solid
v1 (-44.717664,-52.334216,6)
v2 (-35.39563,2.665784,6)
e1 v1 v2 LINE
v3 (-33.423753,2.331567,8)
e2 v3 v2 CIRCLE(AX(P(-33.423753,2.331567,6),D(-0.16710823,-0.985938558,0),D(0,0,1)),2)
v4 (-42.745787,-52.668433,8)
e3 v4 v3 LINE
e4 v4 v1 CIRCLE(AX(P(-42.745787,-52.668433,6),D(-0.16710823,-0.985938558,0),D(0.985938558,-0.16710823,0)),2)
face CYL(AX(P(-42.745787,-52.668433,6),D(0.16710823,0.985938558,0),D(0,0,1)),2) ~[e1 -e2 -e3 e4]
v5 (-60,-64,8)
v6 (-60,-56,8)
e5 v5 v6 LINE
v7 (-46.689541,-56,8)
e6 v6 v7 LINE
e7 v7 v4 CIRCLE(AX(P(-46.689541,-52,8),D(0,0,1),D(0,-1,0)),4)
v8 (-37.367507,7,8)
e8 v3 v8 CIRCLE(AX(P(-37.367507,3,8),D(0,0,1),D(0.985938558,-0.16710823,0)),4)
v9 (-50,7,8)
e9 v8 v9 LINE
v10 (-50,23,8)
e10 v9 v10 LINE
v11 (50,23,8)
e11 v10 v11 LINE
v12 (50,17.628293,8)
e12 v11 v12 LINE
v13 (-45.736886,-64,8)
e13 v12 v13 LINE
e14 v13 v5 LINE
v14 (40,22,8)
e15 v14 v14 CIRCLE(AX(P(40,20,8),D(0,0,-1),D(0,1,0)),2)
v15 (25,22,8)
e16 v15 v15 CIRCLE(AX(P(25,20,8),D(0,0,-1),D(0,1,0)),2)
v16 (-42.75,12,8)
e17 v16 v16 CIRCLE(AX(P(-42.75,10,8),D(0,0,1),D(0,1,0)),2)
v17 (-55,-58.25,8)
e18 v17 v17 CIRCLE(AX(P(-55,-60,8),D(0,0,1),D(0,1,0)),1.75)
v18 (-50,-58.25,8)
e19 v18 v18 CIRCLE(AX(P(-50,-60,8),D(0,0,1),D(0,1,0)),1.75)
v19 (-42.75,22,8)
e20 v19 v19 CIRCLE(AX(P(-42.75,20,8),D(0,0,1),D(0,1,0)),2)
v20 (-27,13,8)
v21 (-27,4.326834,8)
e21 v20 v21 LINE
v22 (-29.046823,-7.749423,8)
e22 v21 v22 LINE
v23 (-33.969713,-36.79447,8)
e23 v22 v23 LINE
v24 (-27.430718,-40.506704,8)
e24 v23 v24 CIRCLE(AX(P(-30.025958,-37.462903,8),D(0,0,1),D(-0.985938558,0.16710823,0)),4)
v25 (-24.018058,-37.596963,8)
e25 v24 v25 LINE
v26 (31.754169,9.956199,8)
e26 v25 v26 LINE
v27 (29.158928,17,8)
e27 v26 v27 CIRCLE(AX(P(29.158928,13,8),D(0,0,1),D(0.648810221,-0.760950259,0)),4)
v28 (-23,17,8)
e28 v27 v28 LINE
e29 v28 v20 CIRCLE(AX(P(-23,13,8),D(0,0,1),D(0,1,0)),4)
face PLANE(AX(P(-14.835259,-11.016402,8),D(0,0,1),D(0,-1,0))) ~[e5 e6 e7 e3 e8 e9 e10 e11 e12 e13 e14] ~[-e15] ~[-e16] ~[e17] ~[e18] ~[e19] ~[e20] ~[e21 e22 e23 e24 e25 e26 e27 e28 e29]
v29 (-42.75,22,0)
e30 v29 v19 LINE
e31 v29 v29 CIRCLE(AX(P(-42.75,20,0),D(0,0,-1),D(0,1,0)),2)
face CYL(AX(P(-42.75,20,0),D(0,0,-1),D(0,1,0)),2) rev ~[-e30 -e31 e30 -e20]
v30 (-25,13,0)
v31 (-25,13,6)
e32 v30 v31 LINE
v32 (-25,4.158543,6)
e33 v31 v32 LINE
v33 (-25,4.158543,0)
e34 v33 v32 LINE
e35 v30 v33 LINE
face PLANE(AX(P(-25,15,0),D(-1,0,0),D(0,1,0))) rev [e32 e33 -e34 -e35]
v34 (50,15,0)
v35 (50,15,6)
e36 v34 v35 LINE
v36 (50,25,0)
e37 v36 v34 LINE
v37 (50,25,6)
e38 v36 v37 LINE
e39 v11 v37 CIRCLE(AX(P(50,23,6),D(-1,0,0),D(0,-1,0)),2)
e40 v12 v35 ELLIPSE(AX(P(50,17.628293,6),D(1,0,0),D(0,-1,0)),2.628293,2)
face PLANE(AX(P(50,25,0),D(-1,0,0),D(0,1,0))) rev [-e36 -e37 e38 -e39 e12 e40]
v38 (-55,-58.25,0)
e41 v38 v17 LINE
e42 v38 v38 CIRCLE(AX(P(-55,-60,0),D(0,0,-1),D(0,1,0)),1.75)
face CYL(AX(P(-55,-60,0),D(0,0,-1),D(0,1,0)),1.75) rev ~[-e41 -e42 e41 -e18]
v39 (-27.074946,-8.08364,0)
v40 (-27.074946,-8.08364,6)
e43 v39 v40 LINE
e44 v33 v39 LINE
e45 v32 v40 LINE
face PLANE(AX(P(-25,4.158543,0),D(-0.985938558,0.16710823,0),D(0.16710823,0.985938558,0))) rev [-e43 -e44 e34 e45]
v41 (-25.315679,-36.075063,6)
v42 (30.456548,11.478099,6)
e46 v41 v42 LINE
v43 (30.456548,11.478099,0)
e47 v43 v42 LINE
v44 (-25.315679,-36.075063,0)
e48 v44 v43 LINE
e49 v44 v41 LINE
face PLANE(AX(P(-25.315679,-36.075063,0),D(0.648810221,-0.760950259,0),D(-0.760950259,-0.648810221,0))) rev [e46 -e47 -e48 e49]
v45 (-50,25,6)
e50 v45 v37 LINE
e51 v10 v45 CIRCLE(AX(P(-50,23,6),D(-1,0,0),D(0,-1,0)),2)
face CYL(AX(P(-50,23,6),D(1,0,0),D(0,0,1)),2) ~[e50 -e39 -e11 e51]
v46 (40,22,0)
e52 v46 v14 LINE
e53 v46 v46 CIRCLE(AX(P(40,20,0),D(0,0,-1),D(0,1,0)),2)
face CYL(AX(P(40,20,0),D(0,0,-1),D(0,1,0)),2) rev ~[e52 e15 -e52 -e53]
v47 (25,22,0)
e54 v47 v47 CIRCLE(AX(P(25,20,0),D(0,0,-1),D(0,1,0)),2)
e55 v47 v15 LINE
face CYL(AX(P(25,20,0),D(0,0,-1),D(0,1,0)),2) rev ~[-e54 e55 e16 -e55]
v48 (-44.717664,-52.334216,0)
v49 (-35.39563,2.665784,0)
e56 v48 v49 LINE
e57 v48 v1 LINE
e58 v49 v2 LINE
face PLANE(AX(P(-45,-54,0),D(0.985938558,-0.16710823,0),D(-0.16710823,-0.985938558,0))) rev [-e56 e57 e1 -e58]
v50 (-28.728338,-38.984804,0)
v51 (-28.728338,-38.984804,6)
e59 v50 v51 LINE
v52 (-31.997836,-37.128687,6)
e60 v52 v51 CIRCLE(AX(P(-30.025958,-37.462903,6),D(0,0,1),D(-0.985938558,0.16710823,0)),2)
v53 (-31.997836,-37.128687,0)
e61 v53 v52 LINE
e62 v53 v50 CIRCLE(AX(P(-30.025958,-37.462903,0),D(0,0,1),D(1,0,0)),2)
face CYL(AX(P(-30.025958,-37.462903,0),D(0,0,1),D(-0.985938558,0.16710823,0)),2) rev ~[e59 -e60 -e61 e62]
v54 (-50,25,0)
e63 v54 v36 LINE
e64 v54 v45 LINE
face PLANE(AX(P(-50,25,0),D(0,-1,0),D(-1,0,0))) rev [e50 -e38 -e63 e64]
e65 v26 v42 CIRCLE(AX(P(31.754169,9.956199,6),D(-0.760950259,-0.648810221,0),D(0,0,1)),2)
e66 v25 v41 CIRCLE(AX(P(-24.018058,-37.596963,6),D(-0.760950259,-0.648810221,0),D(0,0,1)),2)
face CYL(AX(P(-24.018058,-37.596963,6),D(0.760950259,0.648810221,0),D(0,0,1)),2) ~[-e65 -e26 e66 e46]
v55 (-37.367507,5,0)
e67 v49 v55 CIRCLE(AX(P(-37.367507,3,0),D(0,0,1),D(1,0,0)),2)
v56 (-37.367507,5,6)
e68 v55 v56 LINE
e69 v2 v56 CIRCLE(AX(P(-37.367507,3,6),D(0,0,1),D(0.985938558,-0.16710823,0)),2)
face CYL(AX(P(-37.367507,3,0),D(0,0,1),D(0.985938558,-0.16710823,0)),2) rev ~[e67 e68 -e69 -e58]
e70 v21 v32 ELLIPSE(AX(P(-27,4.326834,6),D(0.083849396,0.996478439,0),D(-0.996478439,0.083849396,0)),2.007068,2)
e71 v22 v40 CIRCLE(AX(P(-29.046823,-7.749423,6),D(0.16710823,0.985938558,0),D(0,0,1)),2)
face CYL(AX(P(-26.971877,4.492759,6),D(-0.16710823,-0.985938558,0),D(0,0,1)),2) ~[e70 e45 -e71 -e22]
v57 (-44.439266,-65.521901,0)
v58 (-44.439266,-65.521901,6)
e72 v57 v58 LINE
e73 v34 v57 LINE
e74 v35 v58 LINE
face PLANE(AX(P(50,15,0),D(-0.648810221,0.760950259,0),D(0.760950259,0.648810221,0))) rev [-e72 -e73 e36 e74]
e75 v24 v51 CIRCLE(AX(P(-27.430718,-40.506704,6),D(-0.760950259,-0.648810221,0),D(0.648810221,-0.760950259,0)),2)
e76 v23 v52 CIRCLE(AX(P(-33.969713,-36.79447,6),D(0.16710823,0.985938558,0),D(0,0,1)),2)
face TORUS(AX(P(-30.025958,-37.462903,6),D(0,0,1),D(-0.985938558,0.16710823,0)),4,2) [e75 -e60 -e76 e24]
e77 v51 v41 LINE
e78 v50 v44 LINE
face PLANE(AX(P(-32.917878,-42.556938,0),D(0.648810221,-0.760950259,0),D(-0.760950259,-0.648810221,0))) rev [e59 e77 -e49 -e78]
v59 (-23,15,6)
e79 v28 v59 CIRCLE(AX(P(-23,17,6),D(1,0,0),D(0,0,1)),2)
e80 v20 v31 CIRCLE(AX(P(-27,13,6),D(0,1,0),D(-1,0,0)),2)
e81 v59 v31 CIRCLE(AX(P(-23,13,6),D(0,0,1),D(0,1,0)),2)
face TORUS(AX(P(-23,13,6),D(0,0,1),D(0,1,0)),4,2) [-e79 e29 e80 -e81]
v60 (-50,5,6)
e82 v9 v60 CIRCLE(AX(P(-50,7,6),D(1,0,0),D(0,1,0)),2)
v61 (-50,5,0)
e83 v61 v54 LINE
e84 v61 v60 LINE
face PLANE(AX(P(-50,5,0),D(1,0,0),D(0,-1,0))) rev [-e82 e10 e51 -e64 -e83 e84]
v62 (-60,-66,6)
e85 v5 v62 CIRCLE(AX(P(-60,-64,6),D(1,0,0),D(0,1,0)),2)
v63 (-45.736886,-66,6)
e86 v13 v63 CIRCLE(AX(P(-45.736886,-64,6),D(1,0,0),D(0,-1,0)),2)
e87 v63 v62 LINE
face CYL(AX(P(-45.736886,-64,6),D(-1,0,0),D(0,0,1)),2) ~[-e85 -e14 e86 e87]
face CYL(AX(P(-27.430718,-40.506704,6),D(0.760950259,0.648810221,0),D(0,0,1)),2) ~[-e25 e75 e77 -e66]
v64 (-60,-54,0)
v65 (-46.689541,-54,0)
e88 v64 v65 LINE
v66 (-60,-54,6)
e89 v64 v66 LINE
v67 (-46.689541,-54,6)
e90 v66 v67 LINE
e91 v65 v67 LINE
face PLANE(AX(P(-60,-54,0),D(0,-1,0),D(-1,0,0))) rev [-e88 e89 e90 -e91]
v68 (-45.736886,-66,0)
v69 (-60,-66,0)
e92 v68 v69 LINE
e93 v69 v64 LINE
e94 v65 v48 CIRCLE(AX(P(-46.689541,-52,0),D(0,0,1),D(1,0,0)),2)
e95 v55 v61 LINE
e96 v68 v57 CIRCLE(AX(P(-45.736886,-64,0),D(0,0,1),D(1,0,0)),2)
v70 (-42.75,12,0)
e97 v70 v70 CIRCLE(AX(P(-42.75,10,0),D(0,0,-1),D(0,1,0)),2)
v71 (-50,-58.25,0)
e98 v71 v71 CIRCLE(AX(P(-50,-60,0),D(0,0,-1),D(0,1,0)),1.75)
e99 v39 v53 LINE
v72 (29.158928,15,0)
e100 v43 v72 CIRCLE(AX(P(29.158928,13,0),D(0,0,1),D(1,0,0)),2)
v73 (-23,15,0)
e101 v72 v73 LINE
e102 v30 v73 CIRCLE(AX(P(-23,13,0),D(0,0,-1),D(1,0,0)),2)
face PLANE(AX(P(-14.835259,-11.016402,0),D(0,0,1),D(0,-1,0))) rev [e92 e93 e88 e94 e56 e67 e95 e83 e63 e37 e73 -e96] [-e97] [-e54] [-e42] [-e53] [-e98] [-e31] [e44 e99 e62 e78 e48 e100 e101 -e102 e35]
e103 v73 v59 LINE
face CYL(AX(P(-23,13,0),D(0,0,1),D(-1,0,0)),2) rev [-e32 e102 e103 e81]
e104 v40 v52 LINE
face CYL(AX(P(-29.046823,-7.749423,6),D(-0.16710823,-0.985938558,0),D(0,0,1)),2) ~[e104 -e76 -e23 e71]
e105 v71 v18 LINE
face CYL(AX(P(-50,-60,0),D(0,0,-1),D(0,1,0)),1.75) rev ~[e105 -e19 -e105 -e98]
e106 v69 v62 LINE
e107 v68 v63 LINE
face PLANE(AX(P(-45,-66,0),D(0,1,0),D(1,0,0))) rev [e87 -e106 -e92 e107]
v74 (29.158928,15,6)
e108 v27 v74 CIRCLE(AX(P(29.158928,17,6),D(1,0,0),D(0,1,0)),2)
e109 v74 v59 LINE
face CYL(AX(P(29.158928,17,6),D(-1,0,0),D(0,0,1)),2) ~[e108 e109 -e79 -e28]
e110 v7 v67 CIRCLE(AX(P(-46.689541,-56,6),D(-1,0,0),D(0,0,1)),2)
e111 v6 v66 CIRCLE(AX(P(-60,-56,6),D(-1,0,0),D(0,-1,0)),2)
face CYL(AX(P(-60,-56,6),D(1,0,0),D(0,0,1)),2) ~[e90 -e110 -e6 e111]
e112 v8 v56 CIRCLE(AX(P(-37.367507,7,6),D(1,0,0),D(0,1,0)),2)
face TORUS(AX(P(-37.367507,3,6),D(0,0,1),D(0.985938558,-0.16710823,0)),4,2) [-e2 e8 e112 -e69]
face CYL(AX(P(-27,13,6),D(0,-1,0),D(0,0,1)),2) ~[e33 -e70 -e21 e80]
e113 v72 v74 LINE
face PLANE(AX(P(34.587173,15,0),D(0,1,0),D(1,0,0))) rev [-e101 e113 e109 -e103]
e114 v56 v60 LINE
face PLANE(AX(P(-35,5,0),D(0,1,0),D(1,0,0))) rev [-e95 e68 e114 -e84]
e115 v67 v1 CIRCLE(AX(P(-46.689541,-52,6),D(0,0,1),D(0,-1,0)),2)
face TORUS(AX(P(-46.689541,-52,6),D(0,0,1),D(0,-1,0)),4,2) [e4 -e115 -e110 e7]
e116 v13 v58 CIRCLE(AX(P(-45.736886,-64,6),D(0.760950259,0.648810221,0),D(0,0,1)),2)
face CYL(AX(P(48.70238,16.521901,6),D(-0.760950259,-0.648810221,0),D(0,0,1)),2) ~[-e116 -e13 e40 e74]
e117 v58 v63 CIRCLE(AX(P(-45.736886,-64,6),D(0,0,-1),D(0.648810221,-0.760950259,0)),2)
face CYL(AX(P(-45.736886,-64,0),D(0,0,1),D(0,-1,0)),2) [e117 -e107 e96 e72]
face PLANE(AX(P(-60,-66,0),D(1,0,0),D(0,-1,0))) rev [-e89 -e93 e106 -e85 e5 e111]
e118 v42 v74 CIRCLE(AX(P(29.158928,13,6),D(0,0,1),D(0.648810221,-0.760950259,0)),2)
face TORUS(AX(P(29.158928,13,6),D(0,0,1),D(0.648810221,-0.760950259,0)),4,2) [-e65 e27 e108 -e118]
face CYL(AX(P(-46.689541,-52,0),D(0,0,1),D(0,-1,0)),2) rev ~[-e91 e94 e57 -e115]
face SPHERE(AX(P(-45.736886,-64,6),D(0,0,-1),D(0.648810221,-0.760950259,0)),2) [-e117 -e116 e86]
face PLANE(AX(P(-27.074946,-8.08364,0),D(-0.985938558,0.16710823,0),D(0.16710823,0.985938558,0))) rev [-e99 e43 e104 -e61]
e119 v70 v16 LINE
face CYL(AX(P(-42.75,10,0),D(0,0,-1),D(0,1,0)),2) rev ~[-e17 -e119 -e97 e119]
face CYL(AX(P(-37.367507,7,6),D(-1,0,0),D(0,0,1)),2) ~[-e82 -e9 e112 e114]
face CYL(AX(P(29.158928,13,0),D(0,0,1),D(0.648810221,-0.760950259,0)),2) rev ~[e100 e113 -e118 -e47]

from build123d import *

# Parameters (mm, degrees)
F0_R      = 2
F1_DEPTH  = 10
F2_R      = 5
F4_R      = 2
F5_DEPTH  = 10
F7_R      = 5
F7_2_R    = 5
F8_R      = 2
F8_2_R    = 2
F10_DEPTH = 25
F11_R     = 1.5
F12_R     = 1.75
F13_DEPTH = 12.5
F15_W     = 9
F15_H     = 20
F16_DEPTH = 10
F17_W     = 6
F17_H     = 20
F18_DEPTH = 25
F21_R     = 2
F22_DEPTH = 30
F24_R     = 2
F25_DEPTH = 12.5
F27_R     = 2
F28_R     = 2
F29_DEPTH = 8
F30_R     = 2
F31_R     = 2
F32_R     = 1.75
F33_DEPTH = 25
F32_R_2   = 2
F37_ANGLE = 90
F40_W     = 60
F40_H     = 10
F40_R     = 2
F41_DEPTH = 8
F43_R     = 1.5


with BuildPart() as f1:
    # F0 (on Top) → F1 (new body)
    with BuildSketch(Plane.XY):
        Polygon((0, 70), (0, 75), (-20, 75), (-30, 75), (-50, -75), (-40, -75), (0, -75), (0, -65), (-38.6666666667, -65), (-30.8, -6), (0, -6), (0, 0), (0, 6), (-29.2, 6), (-21.3333333333, 65), (0, 65), align=None)
        with Locations((-15, 0)):
            Circle(F0_R, mode=Mode.SUBTRACT)
        with Locations((-10.4101235047, 70)):
            Circle(F0_R, mode=Mode.SUBTRACT)
    extrude(amount=F1_DEPTH)

    # F2
    f2_edges = [f1.edges().sort_by_distance(p)[0] for p in [
        (-21.333333, 65, 5),
        (-30.8, -6, 5),
        (-29.2, 6, 5),
        (-38.666667, -65, 5),
        (-50, -75, 5),
    ]]
    fillet(f2_edges, radius=F2_R)

    # F3: F1 across plane


with BuildPart() as f1_1:
    add(f1.part)
    add(f1.part.mirror(Plane.YZ))

    # F4 (on Top) → F5 (join)
    with BuildSketch(Plane.XY):
        with BuildLine():
            Line((0, 80), (0, 75))
            Line((0, 75), (10, 75))
            Line((10, 75), (30, 75))
            Line((30, 75), (13.3333333333, 200))
            Line((13.3333333333, 200), (4.5, 200))
            Line((4.5, 200), (4.5, 192))
            ThreePointArc((4.5, 192), (3.1819805153, 188.8180194847), (0, 187.5))
            Line((0, 187.5), (0, 170.1721444783))
            Line((0, 170.1721444783), (7.3103807362, 170.1721444783))
            Line((7.3103807362, 170.1721444783), (10, 150))
            Line((10, 150), (18.6666666667, 85))
            Line((18.6666666667, 85), (10, 85))
            Line((10, 85), (0, 85))
            Line((0, 85), (0, 80))
        make_face()
        with Locations((10, 80)):
            Circle(F4_R, mode=Mode.SUBTRACT)
    extrude(amount=F5_DEPTH)


with BuildPart() as f6_1:
    # F6: instance of F1
    add(f1_1.part.mirror(Plane.YZ))

    # F7
    f7_edges = [f6_1.edges().sort_by_distance(p)[0] for p in [
        (-7.310381, 170.172144, 5),
        (-18.666667, 85, 5),
        (-13.333333, 200, 5),
    ]]
    fillet(f7_edges, radius=F7_R)

    # F8#2
    f8_2_edges = [f6_1.edges().sort_by_distance(p)[0] for p in [
        (-4.5, 200, 5),
    ]]
    fillet(f8_2_edges, radius=F8_2_R)


with BuildPart() as f1_2:
    add(f1_1.part)

    # F7#2
    f7_2_edges = [f1_2.edges().sort_by_distance(p)[0] for p in [
        (7.310381, 170.172144, 5),
        (18.666667, 85, 5),
        (13.333333, 200, 5),
    ]]
    fillet(f7_2_edges, radius=F7_2_R)

    # F8
    f8_edges = [f1_2.edges().sort_by_distance(p)[0] for p in [
        (4.5, 200, 5),
    ]]
    fillet(f8_edges, radius=F8_R)

    add(f6_1.part)  # F10 merges F6_1
    # F9 (on Top) → F10 (join)
    with BuildSketch(Plane.XY):
        Polygon((0, -6), (0, 0), (0, 6), (-6, 6), (-6, -6), align=None)
    extrude(amount=F10_DEPTH)

    # F11
    f11_edges = [f1_2.edges().sort_by_distance(p)[0] for p in [
        (-6, -6, 17.5),
        (-6, 0, 25),
        (-3, -6, 25),
        (-6, 6, 17.5),
        (-3, 6, 25),
    ]]
    fillet(f11_edges, radius=F11_R)


with BuildPart() as f13:
    # F12 (on Right) → F13 (new body, symmetric)
    with BuildSketch(Plane.YZ):
        with Locations((0, 20)):
            Circle(F12_R)
    extrude(amount=F13_DEPTH, both=True)


with BuildPart() as f13b:
    # F12 (on Right) → F13, piece 2 (new body, symmetric)
    with BuildSketch(Plane.YZ):
        with Locations((0, 15)):
            Circle(F12_R)
    extrude(amount=F13_DEPTH, both=True)


with BuildPart() as f1_3:
    add(f1_2.part)

    # F14: cut F13b, F13
    add(f13b.part, mode=Mode.SUBTRACT)
    add(f13.part, mode=Mode.SUBTRACT)


with BuildPart() as f16:
    # F15 (on Top) → F16 (new body)
    with BuildSketch(Plane.XY):
        Polygon((0, 65), (15, 65), (15, 85), (0, 85), (0, 75), align=None)
        Polygon((-6, 65), (0, 65), (0, 75), (0, 85), (-6, 85), align=None)
        with Locations((-10.5, 75)):
            Rectangle(F15_W, F15_H)
    extrude(amount=F16_DEPTH)


with BuildPart() as f18:
    # F17 (on Top) → F18 (new body)
    with BuildSketch(Plane.XY):
        with Locations((-3, 75)):
            Rectangle(F17_W, F17_H)
    extrude(amount=F18_DEPTH)


with BuildPart() as f16_1:
    add(f16.part)

    # F19: union F18
    add(f18.part)


with BuildPart() as f16_2:
    # F20: moved
    add(f16_1.part.moved(Location((0, 0, 10))))


with BuildPart() as f22:
    # F21 (on Top) → F22 (new body)
    with BuildSketch(Plane.XY):
        with Locations((-10, 80)):
            Circle(F21_R)
    extrude(amount=F22_DEPTH)


with BuildPart() as f22b:
    # F21 (on Top) → F22, piece 2 (new body)
    with BuildSketch(Plane.XY):
        with Locations((10, 80)):
            Circle(F21_R)
    extrude(amount=F22_DEPTH)


with BuildPart() as f22c:
    # F21 (on Top) → F22, piece 3 (new body)
    with BuildSketch(Plane.XY):
        with Locations((-10.4, 70)):
            Circle(F21_R)
    extrude(amount=F22_DEPTH)


with BuildPart() as f22d:
    # F21 (on Top) → F22, piece 4 (new body)
    with BuildSketch(Plane.XY):
        with Locations((10.4, 70)):
            Circle(F21_R)
    extrude(amount=F22_DEPTH)


with BuildPart() as f16_3:
    add(f16_2.part)

    # F23: cut F22d, F22c, F22b, F22
    add(f22d.part, mode=Mode.SUBTRACT)
    add(f22c.part, mode=Mode.SUBTRACT)
    add(f22b.part, mode=Mode.SUBTRACT)
    add(f22.part, mode=Mode.SUBTRACT)


with BuildPart() as f25:
    # F24 (on Right) → F25 (new body, symmetric)
    with BuildSketch(Plane.YZ):
        with Locations((80, 27.2266920656)):
            Circle(F24_R)
    extrude(amount=F25_DEPTH, both=True)


with BuildPart() as f25b:
    # F24 (on Right) → F25, piece 2 (new body, symmetric)
    with BuildSketch(Plane.YZ):
        with Locations((70, 27.2266920656)):
            Circle(F24_R)
    extrude(amount=F25_DEPTH, both=True)


with BuildPart() as f16_4:
    add(f16_3.part)

    # F26: cut F25b, F25
    add(f25b.part, mode=Mode.SUBTRACT)
    add(f25.part, mode=Mode.SUBTRACT)

    # F27
    f27_edges = [f16_4.edges().sort_by_distance(p)[0] for p in [
        (-6, 65, 27.5),
        (-3, 65, 35),
        (-10.5, 65, 20),
        (-15, 65, 15),
        (7.5, 65, 20),
        (15, 65, 15),
        (15, 75, 10),
        (-15, 75, 10),
        (-6, 75, 35),
        (-10.5, 85, 20),
        (-15, 85, 15),
        (-6, 85, 27.5),
        (-3, 85, 35),
        (7.5, 85, 20),
        (15, 85, 15),
    ]]
    fillet(f27_edges, radius=F27_R)


with BuildPart() as f29:
    # F28 (on Right) → F29 (new body)
    with BuildSketch(Plane.YZ):
        Polygon((-6, 10), (0, 10), (6, 10), (6, 25), (65, 35), (65, 20), (75, 20), (85, 20), (85, 35), (85, 120), (75, 120), (-6, 25), align=None)
        Polygon((17.4430621123, 37.0821219176), (23.9249371816, 44.6843210729), (75, 104.5871725266), (75, 45), (64.1585427985, 45), (51.9163602293, 42.9250538018), align=None, mode=Mode.SUBTRACT)
        with Locations((80, 95)):
            Circle(F28_R, mode=Mode.SUBTRACT)
        with Locations((80, 110)):
            Circle(F28_R, mode=Mode.SUBTRACT)
    extrude(amount=F29_DEPTH)

    # F30
    f30_edges = [f29.edges().sort_by_distance(p)[0] for p in [
        (4, 75, 104.587173),
        (4, 75, 45),
        (4, 17.443062, 37.082122),
        (4, 65, 35),
        (4, 6, 25),
        (4, -6, 25),
    ]]
    fillet(f30_edges, radius=F30_R)

    # F31
    f31_edges = [f29.edges().sort_by_distance(p)[0] for p in [
        (8, 46.246648, 70.864105),
        (8, 34.73905, 72.780367),
        (8, 35.165784, 29.943353),
        (8, 85, 70),
    ]]
    fillet(f31_edges, radius=F31_R)


with BuildPart() as f33:
    # F32 (on Right) → F33 (new body)
    with BuildSketch(Plane.YZ):
        with Locations((0, 20)):
            Circle(F32_R)
    extrude(amount=F33_DEPTH)


with BuildPart() as f33b:
    # F32 (on Right) → F33, piece 2 (new body)
    with BuildSketch(Plane.YZ):
        with Locations((0, 15)):
            Circle(F32_R)
    extrude(amount=F33_DEPTH)


with BuildPart() as f33c:
    # F32 (on Right) → F33, piece 3 (new body)
    with BuildSketch(Plane.YZ):
        with Locations((70, 27.25)):
            Circle(F32_R_2)
    extrude(amount=F33_DEPTH)


with BuildPart() as f33d:
    # F32 (on Right) → F33, piece 4 (new body)
    with BuildSketch(Plane.YZ):
        with Locations((80, 27.25)):
            Circle(F32_R_2)
    extrude(amount=F33_DEPTH)


with BuildPart() as f29_1:
    add(f29.part)

    # F34: cut F33d, F33c, F33b, F33
    add(f33d.part, mode=Mode.SUBTRACT)
    add(f33c.part, mode=Mode.SUBTRACT)
    add(f33b.part, mode=Mode.SUBTRACT)
    add(f33.part, mode=Mode.SUBTRACT)


with BuildPart() as f29_2:
    # F37: moved
    add(f29_1.part.rotate(Axis((0, -39.3833108246, 0), (0, -1, 0)), F37_ANGLE))


with BuildPart() as f29_3:
    # F38: moved
    add(f29_2.part.moved(Location((120, -60, 0))))


with BuildPart() as f39_1:
    # F39: instance of F29
    add(f29_3.part.mirror(Plane.YZ))


with BuildPart() as f41:
    # F40 (on Top) → F41 (new body)
    with BuildSketch(Plane.XY):
        with Locations((0, 20)):
            Rectangle(F40_W, F40_H)
        with Locations((-25, 20)):
            Circle(F40_R, mode=Mode.SUBTRACT)
        with Locations((-10, 20)):
            Circle(F40_R, mode=Mode.SUBTRACT)
        with Locations((10, 20)):
            Circle(F40_R, mode=Mode.SUBTRACT)
        with Locations((25, 20)):
            Circle(F40_R, mode=Mode.SUBTRACT)
    extrude(amount=F41_DEPTH)


with BuildPart() as f41_1:
    # F42: moved
    add(f41.part.moved(Location((0, 0, 8))))

    # F43
    f43_edges = [f41_1.edges().sort_by_distance(p)[0] for p in [
        (0, 15, 8),
        (30, 15, 12),
        (30, 25, 12),
        (30, 20, 8),
        (-30, 20, 8),
        (-30, 15, 12),
        (-30, 25, 12),
        (0, 25, 8),
    ]]
    fillet(f43_edges, radius=F43_R)


with BuildPart() as f39_1_1:
    # F45: moved
    add(f39_1.part.moved(Location((50, 0, 0))))


solid = f39_1_1.part
